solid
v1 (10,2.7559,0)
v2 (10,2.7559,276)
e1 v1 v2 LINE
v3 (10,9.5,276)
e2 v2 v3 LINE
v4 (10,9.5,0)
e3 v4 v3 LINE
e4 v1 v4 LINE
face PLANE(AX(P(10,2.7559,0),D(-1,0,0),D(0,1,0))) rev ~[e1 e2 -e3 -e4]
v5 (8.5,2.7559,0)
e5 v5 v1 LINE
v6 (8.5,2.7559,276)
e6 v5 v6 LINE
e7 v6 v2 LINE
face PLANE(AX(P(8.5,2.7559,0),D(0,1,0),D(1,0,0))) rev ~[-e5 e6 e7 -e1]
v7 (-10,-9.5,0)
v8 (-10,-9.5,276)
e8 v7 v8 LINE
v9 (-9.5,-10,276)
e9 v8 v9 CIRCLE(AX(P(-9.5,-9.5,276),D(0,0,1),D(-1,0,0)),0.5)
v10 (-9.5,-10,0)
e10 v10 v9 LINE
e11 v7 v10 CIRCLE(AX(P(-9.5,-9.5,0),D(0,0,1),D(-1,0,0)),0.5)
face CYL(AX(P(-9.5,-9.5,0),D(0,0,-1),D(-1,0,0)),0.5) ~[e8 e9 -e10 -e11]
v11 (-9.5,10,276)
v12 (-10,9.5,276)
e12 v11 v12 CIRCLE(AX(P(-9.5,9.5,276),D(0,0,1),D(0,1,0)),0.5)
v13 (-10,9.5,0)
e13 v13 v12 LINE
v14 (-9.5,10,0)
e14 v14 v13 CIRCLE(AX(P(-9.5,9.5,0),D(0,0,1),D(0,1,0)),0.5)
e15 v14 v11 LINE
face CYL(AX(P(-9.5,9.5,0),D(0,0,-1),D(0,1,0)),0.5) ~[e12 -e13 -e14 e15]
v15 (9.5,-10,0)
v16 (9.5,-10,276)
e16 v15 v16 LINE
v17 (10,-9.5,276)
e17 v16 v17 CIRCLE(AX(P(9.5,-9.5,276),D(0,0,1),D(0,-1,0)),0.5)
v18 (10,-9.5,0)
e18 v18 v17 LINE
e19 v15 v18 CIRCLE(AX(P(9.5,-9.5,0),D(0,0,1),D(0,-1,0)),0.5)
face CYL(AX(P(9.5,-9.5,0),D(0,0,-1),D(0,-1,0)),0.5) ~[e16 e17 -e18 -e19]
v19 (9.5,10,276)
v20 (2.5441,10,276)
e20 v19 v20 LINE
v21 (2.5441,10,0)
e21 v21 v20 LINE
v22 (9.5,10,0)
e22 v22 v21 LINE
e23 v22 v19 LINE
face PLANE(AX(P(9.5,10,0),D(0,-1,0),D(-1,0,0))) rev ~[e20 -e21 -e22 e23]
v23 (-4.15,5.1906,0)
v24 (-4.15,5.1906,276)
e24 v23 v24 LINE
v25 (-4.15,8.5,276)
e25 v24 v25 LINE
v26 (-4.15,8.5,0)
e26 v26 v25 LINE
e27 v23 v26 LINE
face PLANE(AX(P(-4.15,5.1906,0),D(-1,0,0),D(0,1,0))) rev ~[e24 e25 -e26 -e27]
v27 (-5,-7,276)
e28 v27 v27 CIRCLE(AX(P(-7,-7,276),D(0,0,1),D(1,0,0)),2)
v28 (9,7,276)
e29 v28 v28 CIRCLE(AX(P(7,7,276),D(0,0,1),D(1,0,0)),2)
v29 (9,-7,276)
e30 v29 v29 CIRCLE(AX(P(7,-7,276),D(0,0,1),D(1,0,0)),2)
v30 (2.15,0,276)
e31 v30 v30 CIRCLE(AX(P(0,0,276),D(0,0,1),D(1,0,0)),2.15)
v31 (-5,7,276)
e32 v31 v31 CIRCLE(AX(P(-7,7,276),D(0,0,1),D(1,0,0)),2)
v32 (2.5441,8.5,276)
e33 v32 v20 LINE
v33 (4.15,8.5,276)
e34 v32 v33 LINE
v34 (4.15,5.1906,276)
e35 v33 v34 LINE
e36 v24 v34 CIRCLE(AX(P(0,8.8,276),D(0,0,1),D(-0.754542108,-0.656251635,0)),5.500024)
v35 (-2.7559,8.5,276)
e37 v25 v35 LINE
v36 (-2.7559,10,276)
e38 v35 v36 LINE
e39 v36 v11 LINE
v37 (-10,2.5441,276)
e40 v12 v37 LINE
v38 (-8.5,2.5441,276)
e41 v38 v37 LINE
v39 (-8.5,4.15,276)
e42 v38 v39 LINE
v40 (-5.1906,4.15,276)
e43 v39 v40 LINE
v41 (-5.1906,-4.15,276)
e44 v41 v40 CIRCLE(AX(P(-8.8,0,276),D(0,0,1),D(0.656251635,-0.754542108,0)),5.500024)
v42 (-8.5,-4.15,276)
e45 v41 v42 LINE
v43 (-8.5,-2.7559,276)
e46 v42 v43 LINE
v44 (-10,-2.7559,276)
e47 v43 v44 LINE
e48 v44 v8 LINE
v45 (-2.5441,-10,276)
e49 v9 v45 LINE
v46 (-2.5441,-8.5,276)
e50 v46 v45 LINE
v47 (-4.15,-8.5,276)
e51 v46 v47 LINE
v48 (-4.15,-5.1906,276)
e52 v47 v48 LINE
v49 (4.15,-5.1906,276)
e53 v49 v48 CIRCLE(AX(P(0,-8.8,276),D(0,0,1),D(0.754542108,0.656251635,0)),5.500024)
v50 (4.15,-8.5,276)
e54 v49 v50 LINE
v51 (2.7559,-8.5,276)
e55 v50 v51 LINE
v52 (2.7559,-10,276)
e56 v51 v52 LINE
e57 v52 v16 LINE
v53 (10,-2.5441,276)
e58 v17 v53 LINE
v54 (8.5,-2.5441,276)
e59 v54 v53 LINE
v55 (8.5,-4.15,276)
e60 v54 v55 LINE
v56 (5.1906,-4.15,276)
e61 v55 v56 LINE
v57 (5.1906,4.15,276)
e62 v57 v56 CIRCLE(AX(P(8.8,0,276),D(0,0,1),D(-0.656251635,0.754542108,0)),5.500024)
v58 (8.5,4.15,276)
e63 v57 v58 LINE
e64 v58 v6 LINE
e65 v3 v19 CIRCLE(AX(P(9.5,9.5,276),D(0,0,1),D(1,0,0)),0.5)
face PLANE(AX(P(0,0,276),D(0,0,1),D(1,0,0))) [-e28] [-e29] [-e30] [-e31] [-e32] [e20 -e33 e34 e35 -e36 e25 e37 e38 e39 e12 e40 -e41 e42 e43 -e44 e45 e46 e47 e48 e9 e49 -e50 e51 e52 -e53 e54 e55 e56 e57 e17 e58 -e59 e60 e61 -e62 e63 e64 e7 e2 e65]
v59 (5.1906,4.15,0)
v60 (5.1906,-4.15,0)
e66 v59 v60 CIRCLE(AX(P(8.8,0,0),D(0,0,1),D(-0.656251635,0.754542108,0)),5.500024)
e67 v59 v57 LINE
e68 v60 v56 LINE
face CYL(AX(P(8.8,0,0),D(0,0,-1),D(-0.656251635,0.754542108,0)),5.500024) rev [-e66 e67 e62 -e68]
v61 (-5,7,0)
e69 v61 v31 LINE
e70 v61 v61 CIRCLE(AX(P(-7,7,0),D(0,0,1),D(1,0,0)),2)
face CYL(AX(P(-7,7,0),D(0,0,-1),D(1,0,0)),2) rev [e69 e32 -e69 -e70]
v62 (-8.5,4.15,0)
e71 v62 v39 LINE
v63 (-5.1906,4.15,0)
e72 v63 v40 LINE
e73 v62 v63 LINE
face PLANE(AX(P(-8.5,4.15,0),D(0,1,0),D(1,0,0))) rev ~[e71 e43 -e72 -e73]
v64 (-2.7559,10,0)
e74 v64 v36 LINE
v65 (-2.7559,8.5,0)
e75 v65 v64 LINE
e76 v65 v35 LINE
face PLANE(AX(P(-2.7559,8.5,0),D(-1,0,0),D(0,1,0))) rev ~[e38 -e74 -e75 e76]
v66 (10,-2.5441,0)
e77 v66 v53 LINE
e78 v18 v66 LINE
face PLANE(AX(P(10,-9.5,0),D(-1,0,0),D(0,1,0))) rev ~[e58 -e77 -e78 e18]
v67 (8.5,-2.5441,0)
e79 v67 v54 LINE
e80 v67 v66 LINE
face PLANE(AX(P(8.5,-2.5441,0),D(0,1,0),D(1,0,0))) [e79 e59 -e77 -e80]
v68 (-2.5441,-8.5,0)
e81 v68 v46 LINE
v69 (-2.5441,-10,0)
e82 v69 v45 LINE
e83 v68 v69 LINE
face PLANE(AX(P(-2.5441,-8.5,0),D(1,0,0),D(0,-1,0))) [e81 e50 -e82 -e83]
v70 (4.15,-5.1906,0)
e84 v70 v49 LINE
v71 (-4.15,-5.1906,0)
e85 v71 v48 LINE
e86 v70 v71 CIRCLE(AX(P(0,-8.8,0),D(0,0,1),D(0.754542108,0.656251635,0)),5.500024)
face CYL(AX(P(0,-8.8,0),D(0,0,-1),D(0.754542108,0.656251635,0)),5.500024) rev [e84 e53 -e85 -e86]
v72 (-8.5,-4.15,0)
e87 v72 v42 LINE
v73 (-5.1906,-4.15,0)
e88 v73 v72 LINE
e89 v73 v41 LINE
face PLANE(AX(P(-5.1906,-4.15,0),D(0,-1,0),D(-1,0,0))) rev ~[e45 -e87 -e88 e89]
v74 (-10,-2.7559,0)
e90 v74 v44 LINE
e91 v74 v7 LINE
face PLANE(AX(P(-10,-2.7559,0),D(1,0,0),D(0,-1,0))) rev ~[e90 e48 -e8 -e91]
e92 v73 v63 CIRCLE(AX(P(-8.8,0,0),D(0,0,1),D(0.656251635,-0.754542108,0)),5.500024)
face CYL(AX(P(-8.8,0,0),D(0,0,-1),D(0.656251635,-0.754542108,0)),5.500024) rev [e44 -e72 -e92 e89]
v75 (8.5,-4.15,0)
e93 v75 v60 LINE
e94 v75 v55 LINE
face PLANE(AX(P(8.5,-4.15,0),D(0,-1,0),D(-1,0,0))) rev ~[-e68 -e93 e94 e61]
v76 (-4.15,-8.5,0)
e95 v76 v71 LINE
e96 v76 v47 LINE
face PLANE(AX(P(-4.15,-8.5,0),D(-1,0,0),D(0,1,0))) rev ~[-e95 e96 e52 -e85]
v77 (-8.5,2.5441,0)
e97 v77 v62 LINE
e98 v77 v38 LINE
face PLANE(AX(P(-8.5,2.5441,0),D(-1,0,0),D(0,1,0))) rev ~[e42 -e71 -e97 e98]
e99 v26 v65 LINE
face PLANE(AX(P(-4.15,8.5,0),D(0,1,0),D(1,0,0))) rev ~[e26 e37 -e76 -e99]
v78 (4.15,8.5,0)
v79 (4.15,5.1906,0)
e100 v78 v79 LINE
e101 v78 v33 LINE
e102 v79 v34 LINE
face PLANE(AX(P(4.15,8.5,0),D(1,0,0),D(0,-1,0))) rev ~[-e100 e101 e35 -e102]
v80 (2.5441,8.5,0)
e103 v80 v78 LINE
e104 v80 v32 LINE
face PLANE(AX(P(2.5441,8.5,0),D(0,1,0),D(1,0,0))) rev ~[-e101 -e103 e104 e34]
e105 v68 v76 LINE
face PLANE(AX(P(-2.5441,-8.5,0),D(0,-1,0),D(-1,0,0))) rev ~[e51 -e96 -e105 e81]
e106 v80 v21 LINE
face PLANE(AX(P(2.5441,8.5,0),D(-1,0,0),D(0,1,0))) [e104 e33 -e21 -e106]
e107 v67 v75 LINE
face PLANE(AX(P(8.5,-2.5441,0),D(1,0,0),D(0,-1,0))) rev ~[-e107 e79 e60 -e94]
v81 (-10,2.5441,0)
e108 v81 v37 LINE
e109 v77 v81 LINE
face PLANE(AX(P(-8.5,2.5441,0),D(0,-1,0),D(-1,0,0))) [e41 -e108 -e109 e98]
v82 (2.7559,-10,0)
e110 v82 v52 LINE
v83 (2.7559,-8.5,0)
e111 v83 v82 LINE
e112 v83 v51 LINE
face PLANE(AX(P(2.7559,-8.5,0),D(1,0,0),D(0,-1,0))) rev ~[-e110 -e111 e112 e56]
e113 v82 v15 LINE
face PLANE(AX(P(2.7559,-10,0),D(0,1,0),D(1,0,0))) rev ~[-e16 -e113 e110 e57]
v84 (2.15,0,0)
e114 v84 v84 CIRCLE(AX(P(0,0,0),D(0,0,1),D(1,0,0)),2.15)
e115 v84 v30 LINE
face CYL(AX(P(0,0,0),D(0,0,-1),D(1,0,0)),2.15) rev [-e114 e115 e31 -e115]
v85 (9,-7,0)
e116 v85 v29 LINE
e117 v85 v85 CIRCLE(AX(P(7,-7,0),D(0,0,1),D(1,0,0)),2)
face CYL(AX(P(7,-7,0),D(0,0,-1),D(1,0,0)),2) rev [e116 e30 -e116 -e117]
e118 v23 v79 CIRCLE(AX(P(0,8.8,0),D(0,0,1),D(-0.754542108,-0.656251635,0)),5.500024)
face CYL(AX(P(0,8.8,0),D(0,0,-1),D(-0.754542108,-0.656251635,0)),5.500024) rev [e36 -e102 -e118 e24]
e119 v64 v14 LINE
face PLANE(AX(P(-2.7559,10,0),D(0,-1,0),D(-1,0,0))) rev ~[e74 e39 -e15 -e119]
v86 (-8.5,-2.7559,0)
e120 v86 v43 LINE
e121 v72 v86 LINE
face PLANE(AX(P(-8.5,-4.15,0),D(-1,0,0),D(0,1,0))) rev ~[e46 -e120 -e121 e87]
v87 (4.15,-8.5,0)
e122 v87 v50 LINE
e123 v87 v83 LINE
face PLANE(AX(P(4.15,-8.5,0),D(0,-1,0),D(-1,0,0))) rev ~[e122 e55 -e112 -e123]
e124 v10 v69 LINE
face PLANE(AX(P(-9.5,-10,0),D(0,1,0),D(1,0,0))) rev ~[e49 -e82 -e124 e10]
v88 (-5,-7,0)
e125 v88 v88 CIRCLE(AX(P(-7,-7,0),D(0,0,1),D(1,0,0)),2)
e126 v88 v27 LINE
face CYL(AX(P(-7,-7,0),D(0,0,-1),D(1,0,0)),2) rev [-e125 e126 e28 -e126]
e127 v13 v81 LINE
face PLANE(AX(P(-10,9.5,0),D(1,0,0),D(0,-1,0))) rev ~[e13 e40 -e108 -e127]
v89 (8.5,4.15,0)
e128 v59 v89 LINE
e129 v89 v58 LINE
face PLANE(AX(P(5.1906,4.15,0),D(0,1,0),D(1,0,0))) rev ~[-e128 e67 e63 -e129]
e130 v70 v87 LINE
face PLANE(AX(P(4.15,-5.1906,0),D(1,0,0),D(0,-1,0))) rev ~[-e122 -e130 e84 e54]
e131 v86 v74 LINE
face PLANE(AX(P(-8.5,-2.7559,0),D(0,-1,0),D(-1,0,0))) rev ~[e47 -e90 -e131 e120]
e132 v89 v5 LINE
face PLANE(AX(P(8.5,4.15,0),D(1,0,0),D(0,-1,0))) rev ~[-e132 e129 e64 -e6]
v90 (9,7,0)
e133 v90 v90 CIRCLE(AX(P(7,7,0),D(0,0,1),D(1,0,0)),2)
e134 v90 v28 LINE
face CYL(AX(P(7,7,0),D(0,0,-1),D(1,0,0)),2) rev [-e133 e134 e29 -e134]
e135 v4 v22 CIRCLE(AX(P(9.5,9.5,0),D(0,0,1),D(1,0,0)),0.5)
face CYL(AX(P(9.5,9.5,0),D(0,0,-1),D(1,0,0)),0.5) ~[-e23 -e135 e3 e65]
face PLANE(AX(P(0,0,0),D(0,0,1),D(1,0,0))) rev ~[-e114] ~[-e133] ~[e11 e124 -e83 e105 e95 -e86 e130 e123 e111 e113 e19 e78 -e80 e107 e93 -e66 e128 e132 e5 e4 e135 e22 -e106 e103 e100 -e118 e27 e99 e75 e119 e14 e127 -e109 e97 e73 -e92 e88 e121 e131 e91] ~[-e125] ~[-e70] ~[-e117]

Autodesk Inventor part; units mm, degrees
ref_plane "YZ Plane" through (0, 0, 0) normal (1, 0, 0) x (0, 1, 0)
ref_plane "XZ Plane" through (0, 0, 0) normal (0, 1, 0) x (-1, 0, 0)
ref_plane "XY Plane" through (0, 0, 0) normal (0, 0, 1) x (1, 0, 0)
sketch "Sketch1" plane through (0, 0, 0) normal (0, 0, 1) x (1, 0, 0)
  line L0 (-10, -10) -> (10, 10) construction
  line L1 (10, -10) -> (-10, 10) construction
  arc A0 (-10, -9.5) -> (-9.5, -10) centre (-9.5, -9.5) ccw
  arc A1 (-9.5, 10) -> (-10, 9.5) centre (-9.5, 9.5) ccw
  arc A2 (10, 9.5) -> (9.5, 10) centre (9.5, 9.5) ccw
  arc A3 (9.5, -10) -> (10, -9.5) centre (9.5, -9.5) ccw
  line L2 (7, -7) -> (-7, -7) construction
  line L3 (-7, -7) -> (-7, 7) construction
  line L4 (-7, 7) -> (7, 7) construction
  line L5 (7, 7) -> (7, -7) construction
  line L6 (7, -7) -> (-7, 7) construction
  line L7 (-7, -7) -> (7, 7) construction
  circle A4 centre (-7, -7) radius 2
  circle A5 centre (-7, 7) radius 2
  circle A6 centre (7, 7) radius 2
  circle A7 centre (7, -7) radius 2
  circle A8 centre (0, 0) radius 2.15
  line L8 (-8.5, 4.15) -> (-5.1906, 4.15)
  arc A9 (-5.1906, -4.15) -> (-5.1906, 4.15) centre (-8.8, 0) ccw
  line L9 (-5.1906, -4.15) -> (-8.5, -4.15)
  line L10 (-8.5, -4.15) -> (-8.5, -2.7559)
  line L11 (-8.5, 2.5441) -> (-8.5, 4.15)
  line L12 (-5.1906, -4.15) -> (-5.1906, 4.15) construction
  line L13 (-8.5, -2.7559) -> (-10, -2.7559)
  line L14 (-8.5, 2.5441) -> (-10, 2.5441)
  line L15 (-10, 9.5) -> (-10, 2.5441)
  line L16 (-10, -2.7559) -> (-10, -9.5)
  line L17 (4.15, -8.5) -> (2.7559, -8.5)
  line L18 (2.7559, -8.5) -> (2.7559, -10)
  line L19 (4.15, -5.1906) -> (-4.15, -5.1906) construction
  arc A10 (4.15, -5.1906) -> (-4.15, -5.1906) centre (0, -8.8) ccw
  line L20 (7, -7) -> (-7, 7) construction
  line L21 (10, -10) -> (-10, 10) construction
  line L22 (-4.15, -8.5) -> (-4.15, -5.1906)
  line L23 (4.15, -5.1906) -> (4.15, -8.5)
  line L24 (-2.5441, -8.5) -> (-2.5441, -10)
  line L25 (-2.5441, -8.5) -> (-4.15, -8.5)
  line L26 (8.5, 4.15) -> (8.5, 2.7559)
  line L27 (8.5, 2.7559) -> (10, 2.7559)
  line L28 (5.1906, 4.15) -> (5.1906, -4.15) construction
  arc A11 (5.1906, 4.15) -> (5.1906, -4.15) centre (8.8, 0) ccw
  line L29 (7, 7) -> (-7, -7) construction
  line L30 (10, 10) -> (-10, -10) construction
  line L31 (8.5, -4.15) -> (5.1906, -4.15)
  line L32 (5.1906, 4.15) -> (8.5, 4.15)
  line L33 (8.5, -2.5441) -> (10, -2.5441)
  line L34 (8.5, -2.5441) -> (8.5, -4.15)
  line L35 (-4.15, 8.5) -> (-2.7559, 8.5)
  line L36 (-2.7559, 8.5) -> (-2.7559, 10)
  line L37 (-4.15, 5.1906) -> (4.15, 5.1906) construction
  arc A12 (-4.15, 5.1906) -> (4.15, 5.1906) centre (0, 8.8) ccw
  line L38 (-7, 7) -> (7, -7) construction
  line L39 (-10, 10) -> (10, -10) construction
  line L40 (4.15, 8.5) -> (4.15, 5.1906)
  line L41 (-4.15, 5.1906) -> (-4.15, 8.5)
  line L42 (2.5441, 8.5) -> (2.5441, 10)
  line L43 (2.5441, 8.5) -> (4.15, 8.5)
  line L44 (-9.5, -10) -> (-2.5441, -10)
  line L45 (2.7559, -10) -> (9.5, -10)
  line L46 (9.5, 10) -> (2.5441, 10)
  line L47 (-2.7559, 10) -> (-9.5, 10)
  line L48 (10, -9.5) -> (10, -2.5441)
  line L49 (10, 2.7559) -> (10, 9.5)
  line L50 (2292.4151, 1187.1915) -> (2314.8128, 1187.1915)
  circle A13 centre (2303.6139, 1187.1915) radius 2.15
  line L51 (2307.7639, 1192.1343) -> (2307.7639, 1195.3915)
  arc A14 (2307.7639, 1195.3915) -> (2307.4639, 1195.6915) centre (2307.4639, 1195.3915) ccw
  line L52 (2307.4639, 1195.6915) -> (2306.5639, 1195.6915)
  arc A15 (2306.2639, 1195.9915) -> (2306.5639, 1195.6915) centre (2306.5639, 1195.9915) ccw
  line L53 (2306.2639, 1195.9915) -> (2306.2639, 1196.8915)
  arc A16 (2306.5639, 1197.1915) -> (2306.2639, 1196.8915) centre (2306.5639, 1196.8915) ccw
  line L54 (2306.5639, 1197.1915) -> (2313.3139, 1197.1915)
  arc A17 (2313.6139, 1196.8915) -> (2313.3139, 1197.1915) centre (2313.3139, 1196.8915) ccw
  line L55 (2313.6139, 1196.8915) -> (2313.6139, 1190.1415)
  arc A18 (2313.3139, 1189.8415) -> (2313.6139, 1190.1415) centre (2313.3139, 1190.1415) ccw
  line L56 (2313.3139, 1189.8415) -> (2312.4139, 1189.8415)
  arc A19 (2312.1139, 1190.1415) -> (2312.4139, 1189.8415) centre (2312.4139, 1190.1415) ccw
  line L57 (2312.1139, 1190.1415) -> (2312.1139, 1191.0415)
  arc A20 (2312.1139, 1191.0415) -> (2311.8139, 1191.3415) centre (2311.8139, 1191.0415) ccw
  line L58 (2311.8139, 1191.3415) -> (2308.5567, 1191.3415)
  arc A21 (2308.5567, 1191.3415) -> (2308.3217, 1191.2281) centre (2308.5567, 1191.0415) ccw
  arc A22 (2308.3217, 1191.2281) -> (2306.9212, 1187.4988) centre (2313.4048, 1187.1915) ccw
  line L59 (2306.9212, 1187.4988) -> (2306.6139, 1187.1915)
  line L60 (2306.6139, 1187.1915) -> (2306.9212, 1186.8843)
  arc A23 (2306.9212, 1186.8843) -> (2308.3217, 1183.155) centre (2313.4048, 1187.1915) ccw
  arc A24 (2308.3217, 1183.155) -> (2308.5567, 1183.0415) centre (2308.5567, 1183.3415) ccw
  line L61 (2308.5567, 1183.0415) -> (2311.8139, 1183.0415)
  arc A25 (2311.8139, 1183.0415) -> (2312.1139, 1183.3415) centre (2311.8139, 1183.3415) ccw
  line L62 (2312.1139, 1183.3415) -> (2312.1139, 1184.2415)
  arc A26 (2312.4139, 1184.5415) -> (2312.1139, 1184.2415) centre (2312.4139, 1184.2415) ccw
  line L63 (2312.4139, 1184.5415) -> (2313.3139, 1184.5415)
  arc A27 (2313.6139, 1184.2415) -> (2313.3139, 1184.5415) centre (2313.3139, 1184.2415) ccw
  line L64 (2313.6139, 1184.2415) -> (2313.6139, 1177.4915)
  arc A28 (2313.3139, 1177.1915) -> (2313.6139, 1177.4915) centre (2313.3139, 1177.4915) ccw
  line L65 (2313.3139, 1177.1915) -> (2306.5639, 1177.1915)
  arc A29 (2306.2639, 1177.4915) -> (2306.5639, 1177.1915) centre (2306.5639, 1177.4915) ccw
  line L66 (2306.2639, 1177.4915) -> (2306.2639, 1178.3915)
  arc A30 (2306.5639, 1178.6915) -> (2306.2639, 1178.3915) centre (2306.5639, 1178.3915) ccw
  line L67 (2306.5639, 1178.6915) -> (2307.4639, 1178.6915)
  arc A31 (2307.4639, 1178.6915) -> (2307.7639, 1178.9915) centre (2307.4639, 1178.9915) ccw
  line L68 (2307.7639, 1178.9915) -> (2307.7639, 1182.2488)
  arc A32 (2307.7639, 1182.2488) -> (2307.6505, 1182.4837) centre (2307.4639, 1182.2488) ccw
  arc A33 (2307.6505, 1182.4837) -> (2303.9212, 1183.8843) centre (2303.6139, 1177.4007) ccw
  line L69 (2303.9212, 1183.8843) -> (2303.6139, 1184.1915)
  line L70 (2303.6139, 1184.1915) -> (2303.3066, 1183.8843)
  arc A34 (2303.3066, 1183.8843) -> (2299.5774, 1182.4837) centre (2303.6139, 1177.4007) ccw
  arc A35 (2299.5774, 1182.4837) -> (2299.4639, 1182.2488) centre (2299.7639, 1182.2488) ccw
  line L71 (2299.4639, 1182.2488) -> (2299.4639, 1178.9915)
  arc A36 (2299.4639, 1178.9915) -> (2299.7639, 1178.6915) centre (2299.7639, 1178.9915) ccw
  line L72 (2299.7639, 1178.6915) -> (2300.6639, 1178.6915)
  arc A37 (2300.9639, 1178.3915) -> (2300.6639, 1178.6915) centre (2300.6639, 1178.3915) ccw
  line L73 (2300.9639, 1178.3915) -> (2300.9639, 1177.4915)
  arc A38 (2300.6639, 1177.1915) -> (2300.9639, 1177.4915) centre (2300.6639, 1177.4915) ccw
  line L74 (2300.6639, 1177.1915) -> (2293.9139, 1177.1915)
  arc A39 (2293.6139, 1177.4915) -> (2293.9139, 1177.1915) centre (2293.9139, 1177.4915) ccw
  line L75 (2293.6139, 1177.4915) -> (2293.6139, 1184.2415)
  arc A40 (2293.9139, 1184.5415) -> (2293.6139, 1184.2415) centre (2293.9139, 1184.2415) ccw
  line L76 (2293.9139, 1184.5415) -> (2294.8139, 1184.5415)
  arc A41 (2295.1139, 1184.2415) -> (2294.8139, 1184.5415) centre (2294.8139, 1184.2415) ccw
  line L77 (2295.1139, 1184.2415) -> (2295.1139, 1183.3415)
  arc A42 (2295.1139, 1183.3415) -> (2295.4139, 1183.0415) centre (2295.4139, 1183.3415) ccw
  line L78 (2295.4139, 1183.0415) -> (2298.6712, 1183.0415)
  arc A43 (2298.6712, 1183.0415) -> (2298.9061, 1183.155) centre (2298.6712, 1183.3415) ccw
  arc A44 (2298.9061, 1183.155) -> (2300.3066, 1186.8843) centre (2293.8231, 1187.1915) ccw
  line L79 (2300.3066, 1186.8843) -> (2300.6139, 1187.1915)
  line L80 (2300.6139, 1187.1915) -> (2300.3066, 1187.4988)
  arc A45 (2300.3066, 1187.4988) -> (2298.9061, 1191.2281) centre (2293.8231, 1187.1915) ccw
  arc A46 (2298.9061, 1191.2281) -> (2298.6712, 1191.3415) centre (2298.6712, 1191.0415) ccw
  line L81 (2298.6712, 1191.3415) -> (2295.4139, 1191.3415)
  arc A47 (2295.4139, 1191.3415) -> (2295.1139, 1191.0415) centre (2295.4139, 1191.0415) ccw
  line L82 (2295.1139, 1191.0415) -> (2295.1139, 1190.1415)
  arc A48 (2294.8139, 1189.8415) -> (2295.1139, 1190.1415) centre (2294.8139, 1190.1415) ccw
  line L83 (2294.8139, 1189.8415) -> (2293.9139, 1189.8415)
  arc A49 (2293.6139, 1190.1415) -> (2293.9139, 1189.8415) centre (2293.9139, 1190.1415) ccw
  line L84 (2293.6139, 1190.1415) -> (2293.6139, 1196.8915)
  arc A50 (2293.9139, 1197.1915) -> (2293.6139, 1196.8915) centre (2293.9139, 1196.8915) ccw
  line L85 (2293.9139, 1197.1915) -> (2300.6639, 1197.1915)
  arc A51 (2300.9639, 1196.8915) -> (2300.6639, 1197.1915) centre (2300.6639, 1196.8915) ccw
  line L86 (2300.9639, 1196.8915) -> (2300.9639, 1195.9915)
  arc A52 (2300.6639, 1195.6915) -> (2300.9639, 1195.9915) centre (2300.6639, 1195.9915) ccw
  line L87 (2300.6639, 1195.6915) -> (2299.7639, 1195.6915)
  arc A53 (2299.7639, 1195.6915) -> (2299.4639, 1195.3915) centre (2299.7639, 1195.3915) ccw
  line L88 (2299.4639, 1195.3915) -> (2299.4639, 1192.1343)
  arc A54 (2299.4639, 1192.1343) -> (2299.5774, 1191.8994) centre (2299.7639, 1192.1343) ccw
  arc A55 (2299.5774, 1191.8994) -> (2303.3066, 1190.4988) centre (2303.6139, 1196.9824) ccw
  line L89 (2303.3066, 1190.4988) -> (2303.6139, 1190.1915)
  line L90 (2303.6139, 1190.1915) -> (2303.9212, 1190.4988)
  arc A56 (2303.9212, 1190.4988) -> (2307.6505, 1191.8994) centre (2303.6139, 1196.9824) ccw
  arc A57 (2307.6505, 1191.8994) -> (2307.7639, 1192.1343) centre (2307.4639, 1192.1343) ccw
  line L91 (2294.1139, 1194.1915) -> (2299.1139, 1194.1915)
  line L92 (2296.6139, 1196.6915) -> (2296.6139, 1191.6915)
  circle A58 centre (2296.6139, 1194.1915) radius 2
  line L93 (2294.1139, 1180.1915) -> (2299.1139, 1180.1915)
  line L94 (2296.6139, 1177.6915) -> (2296.6139, 1182.6915)
  circle A59 centre (2296.6139, 1180.1915) radius 2
  line L95 (2303.6139, 1198.3904) -> (2303.6139, 1175.9927)
  line L96 (2313.1139, 1194.1915) -> (2308.1139, 1194.1915)
  line L97 (2310.6139, 1196.6915) -> (2310.6139, 1191.6915)
  circle A60 centre (2310.6139, 1194.1915) radius 2
  circle A61 centre (2310.6139, 1180.1915) radius 2
  line L98 (2310.6139, 1177.6915) -> (2310.6139, 1182.6915)
  line L99 (2313.1139, 1180.1915) -> (2308.1139, 1180.1915)
  point P0 (-10, 0)
  point P1 (-5.8595, 0)
  point P2 (-5.1906, 0)
  point P3 (-10, 0)
  point P4 (0, -5.8595)
  point P5 (0, -5.1906)
  point P6 (5.8595, 0)
  point P7 (5.1906, 0)
  point P8 (0, 5.8595)
  point P9 (0, 5.1906)
  dimension "d0" = 20
  dimension "d1" = 20
  dimension "d2" = 0.5
  dimension "d3" = 14
  dimension "d4" = 14
  dimension "d5" = 4
  dimension "d6" = 4.3
  dimension "d13" = 5.5
  dimension "d14" = 8.3
  dimension "d16" = 5.3
  dimension "d17" = 6.7
  dimension "d18" = 1.5
  dimension "d21" = 360
extrude "Extrusion1" add sketch "Sketch1" along normal blind 276 contours L16 L13 L10 L9 A9 L8 L11 L14 L15 A1 L47 L36 L35 L41 A12 L40 L43 L42 L46 A2 L49 L27 L26 L32 A11 L31 L34 L33 L48 A3 L45 L18 L17 L23 A10 L22 L25 L24 L44 A0
properties part number "Profile_CPY2"
